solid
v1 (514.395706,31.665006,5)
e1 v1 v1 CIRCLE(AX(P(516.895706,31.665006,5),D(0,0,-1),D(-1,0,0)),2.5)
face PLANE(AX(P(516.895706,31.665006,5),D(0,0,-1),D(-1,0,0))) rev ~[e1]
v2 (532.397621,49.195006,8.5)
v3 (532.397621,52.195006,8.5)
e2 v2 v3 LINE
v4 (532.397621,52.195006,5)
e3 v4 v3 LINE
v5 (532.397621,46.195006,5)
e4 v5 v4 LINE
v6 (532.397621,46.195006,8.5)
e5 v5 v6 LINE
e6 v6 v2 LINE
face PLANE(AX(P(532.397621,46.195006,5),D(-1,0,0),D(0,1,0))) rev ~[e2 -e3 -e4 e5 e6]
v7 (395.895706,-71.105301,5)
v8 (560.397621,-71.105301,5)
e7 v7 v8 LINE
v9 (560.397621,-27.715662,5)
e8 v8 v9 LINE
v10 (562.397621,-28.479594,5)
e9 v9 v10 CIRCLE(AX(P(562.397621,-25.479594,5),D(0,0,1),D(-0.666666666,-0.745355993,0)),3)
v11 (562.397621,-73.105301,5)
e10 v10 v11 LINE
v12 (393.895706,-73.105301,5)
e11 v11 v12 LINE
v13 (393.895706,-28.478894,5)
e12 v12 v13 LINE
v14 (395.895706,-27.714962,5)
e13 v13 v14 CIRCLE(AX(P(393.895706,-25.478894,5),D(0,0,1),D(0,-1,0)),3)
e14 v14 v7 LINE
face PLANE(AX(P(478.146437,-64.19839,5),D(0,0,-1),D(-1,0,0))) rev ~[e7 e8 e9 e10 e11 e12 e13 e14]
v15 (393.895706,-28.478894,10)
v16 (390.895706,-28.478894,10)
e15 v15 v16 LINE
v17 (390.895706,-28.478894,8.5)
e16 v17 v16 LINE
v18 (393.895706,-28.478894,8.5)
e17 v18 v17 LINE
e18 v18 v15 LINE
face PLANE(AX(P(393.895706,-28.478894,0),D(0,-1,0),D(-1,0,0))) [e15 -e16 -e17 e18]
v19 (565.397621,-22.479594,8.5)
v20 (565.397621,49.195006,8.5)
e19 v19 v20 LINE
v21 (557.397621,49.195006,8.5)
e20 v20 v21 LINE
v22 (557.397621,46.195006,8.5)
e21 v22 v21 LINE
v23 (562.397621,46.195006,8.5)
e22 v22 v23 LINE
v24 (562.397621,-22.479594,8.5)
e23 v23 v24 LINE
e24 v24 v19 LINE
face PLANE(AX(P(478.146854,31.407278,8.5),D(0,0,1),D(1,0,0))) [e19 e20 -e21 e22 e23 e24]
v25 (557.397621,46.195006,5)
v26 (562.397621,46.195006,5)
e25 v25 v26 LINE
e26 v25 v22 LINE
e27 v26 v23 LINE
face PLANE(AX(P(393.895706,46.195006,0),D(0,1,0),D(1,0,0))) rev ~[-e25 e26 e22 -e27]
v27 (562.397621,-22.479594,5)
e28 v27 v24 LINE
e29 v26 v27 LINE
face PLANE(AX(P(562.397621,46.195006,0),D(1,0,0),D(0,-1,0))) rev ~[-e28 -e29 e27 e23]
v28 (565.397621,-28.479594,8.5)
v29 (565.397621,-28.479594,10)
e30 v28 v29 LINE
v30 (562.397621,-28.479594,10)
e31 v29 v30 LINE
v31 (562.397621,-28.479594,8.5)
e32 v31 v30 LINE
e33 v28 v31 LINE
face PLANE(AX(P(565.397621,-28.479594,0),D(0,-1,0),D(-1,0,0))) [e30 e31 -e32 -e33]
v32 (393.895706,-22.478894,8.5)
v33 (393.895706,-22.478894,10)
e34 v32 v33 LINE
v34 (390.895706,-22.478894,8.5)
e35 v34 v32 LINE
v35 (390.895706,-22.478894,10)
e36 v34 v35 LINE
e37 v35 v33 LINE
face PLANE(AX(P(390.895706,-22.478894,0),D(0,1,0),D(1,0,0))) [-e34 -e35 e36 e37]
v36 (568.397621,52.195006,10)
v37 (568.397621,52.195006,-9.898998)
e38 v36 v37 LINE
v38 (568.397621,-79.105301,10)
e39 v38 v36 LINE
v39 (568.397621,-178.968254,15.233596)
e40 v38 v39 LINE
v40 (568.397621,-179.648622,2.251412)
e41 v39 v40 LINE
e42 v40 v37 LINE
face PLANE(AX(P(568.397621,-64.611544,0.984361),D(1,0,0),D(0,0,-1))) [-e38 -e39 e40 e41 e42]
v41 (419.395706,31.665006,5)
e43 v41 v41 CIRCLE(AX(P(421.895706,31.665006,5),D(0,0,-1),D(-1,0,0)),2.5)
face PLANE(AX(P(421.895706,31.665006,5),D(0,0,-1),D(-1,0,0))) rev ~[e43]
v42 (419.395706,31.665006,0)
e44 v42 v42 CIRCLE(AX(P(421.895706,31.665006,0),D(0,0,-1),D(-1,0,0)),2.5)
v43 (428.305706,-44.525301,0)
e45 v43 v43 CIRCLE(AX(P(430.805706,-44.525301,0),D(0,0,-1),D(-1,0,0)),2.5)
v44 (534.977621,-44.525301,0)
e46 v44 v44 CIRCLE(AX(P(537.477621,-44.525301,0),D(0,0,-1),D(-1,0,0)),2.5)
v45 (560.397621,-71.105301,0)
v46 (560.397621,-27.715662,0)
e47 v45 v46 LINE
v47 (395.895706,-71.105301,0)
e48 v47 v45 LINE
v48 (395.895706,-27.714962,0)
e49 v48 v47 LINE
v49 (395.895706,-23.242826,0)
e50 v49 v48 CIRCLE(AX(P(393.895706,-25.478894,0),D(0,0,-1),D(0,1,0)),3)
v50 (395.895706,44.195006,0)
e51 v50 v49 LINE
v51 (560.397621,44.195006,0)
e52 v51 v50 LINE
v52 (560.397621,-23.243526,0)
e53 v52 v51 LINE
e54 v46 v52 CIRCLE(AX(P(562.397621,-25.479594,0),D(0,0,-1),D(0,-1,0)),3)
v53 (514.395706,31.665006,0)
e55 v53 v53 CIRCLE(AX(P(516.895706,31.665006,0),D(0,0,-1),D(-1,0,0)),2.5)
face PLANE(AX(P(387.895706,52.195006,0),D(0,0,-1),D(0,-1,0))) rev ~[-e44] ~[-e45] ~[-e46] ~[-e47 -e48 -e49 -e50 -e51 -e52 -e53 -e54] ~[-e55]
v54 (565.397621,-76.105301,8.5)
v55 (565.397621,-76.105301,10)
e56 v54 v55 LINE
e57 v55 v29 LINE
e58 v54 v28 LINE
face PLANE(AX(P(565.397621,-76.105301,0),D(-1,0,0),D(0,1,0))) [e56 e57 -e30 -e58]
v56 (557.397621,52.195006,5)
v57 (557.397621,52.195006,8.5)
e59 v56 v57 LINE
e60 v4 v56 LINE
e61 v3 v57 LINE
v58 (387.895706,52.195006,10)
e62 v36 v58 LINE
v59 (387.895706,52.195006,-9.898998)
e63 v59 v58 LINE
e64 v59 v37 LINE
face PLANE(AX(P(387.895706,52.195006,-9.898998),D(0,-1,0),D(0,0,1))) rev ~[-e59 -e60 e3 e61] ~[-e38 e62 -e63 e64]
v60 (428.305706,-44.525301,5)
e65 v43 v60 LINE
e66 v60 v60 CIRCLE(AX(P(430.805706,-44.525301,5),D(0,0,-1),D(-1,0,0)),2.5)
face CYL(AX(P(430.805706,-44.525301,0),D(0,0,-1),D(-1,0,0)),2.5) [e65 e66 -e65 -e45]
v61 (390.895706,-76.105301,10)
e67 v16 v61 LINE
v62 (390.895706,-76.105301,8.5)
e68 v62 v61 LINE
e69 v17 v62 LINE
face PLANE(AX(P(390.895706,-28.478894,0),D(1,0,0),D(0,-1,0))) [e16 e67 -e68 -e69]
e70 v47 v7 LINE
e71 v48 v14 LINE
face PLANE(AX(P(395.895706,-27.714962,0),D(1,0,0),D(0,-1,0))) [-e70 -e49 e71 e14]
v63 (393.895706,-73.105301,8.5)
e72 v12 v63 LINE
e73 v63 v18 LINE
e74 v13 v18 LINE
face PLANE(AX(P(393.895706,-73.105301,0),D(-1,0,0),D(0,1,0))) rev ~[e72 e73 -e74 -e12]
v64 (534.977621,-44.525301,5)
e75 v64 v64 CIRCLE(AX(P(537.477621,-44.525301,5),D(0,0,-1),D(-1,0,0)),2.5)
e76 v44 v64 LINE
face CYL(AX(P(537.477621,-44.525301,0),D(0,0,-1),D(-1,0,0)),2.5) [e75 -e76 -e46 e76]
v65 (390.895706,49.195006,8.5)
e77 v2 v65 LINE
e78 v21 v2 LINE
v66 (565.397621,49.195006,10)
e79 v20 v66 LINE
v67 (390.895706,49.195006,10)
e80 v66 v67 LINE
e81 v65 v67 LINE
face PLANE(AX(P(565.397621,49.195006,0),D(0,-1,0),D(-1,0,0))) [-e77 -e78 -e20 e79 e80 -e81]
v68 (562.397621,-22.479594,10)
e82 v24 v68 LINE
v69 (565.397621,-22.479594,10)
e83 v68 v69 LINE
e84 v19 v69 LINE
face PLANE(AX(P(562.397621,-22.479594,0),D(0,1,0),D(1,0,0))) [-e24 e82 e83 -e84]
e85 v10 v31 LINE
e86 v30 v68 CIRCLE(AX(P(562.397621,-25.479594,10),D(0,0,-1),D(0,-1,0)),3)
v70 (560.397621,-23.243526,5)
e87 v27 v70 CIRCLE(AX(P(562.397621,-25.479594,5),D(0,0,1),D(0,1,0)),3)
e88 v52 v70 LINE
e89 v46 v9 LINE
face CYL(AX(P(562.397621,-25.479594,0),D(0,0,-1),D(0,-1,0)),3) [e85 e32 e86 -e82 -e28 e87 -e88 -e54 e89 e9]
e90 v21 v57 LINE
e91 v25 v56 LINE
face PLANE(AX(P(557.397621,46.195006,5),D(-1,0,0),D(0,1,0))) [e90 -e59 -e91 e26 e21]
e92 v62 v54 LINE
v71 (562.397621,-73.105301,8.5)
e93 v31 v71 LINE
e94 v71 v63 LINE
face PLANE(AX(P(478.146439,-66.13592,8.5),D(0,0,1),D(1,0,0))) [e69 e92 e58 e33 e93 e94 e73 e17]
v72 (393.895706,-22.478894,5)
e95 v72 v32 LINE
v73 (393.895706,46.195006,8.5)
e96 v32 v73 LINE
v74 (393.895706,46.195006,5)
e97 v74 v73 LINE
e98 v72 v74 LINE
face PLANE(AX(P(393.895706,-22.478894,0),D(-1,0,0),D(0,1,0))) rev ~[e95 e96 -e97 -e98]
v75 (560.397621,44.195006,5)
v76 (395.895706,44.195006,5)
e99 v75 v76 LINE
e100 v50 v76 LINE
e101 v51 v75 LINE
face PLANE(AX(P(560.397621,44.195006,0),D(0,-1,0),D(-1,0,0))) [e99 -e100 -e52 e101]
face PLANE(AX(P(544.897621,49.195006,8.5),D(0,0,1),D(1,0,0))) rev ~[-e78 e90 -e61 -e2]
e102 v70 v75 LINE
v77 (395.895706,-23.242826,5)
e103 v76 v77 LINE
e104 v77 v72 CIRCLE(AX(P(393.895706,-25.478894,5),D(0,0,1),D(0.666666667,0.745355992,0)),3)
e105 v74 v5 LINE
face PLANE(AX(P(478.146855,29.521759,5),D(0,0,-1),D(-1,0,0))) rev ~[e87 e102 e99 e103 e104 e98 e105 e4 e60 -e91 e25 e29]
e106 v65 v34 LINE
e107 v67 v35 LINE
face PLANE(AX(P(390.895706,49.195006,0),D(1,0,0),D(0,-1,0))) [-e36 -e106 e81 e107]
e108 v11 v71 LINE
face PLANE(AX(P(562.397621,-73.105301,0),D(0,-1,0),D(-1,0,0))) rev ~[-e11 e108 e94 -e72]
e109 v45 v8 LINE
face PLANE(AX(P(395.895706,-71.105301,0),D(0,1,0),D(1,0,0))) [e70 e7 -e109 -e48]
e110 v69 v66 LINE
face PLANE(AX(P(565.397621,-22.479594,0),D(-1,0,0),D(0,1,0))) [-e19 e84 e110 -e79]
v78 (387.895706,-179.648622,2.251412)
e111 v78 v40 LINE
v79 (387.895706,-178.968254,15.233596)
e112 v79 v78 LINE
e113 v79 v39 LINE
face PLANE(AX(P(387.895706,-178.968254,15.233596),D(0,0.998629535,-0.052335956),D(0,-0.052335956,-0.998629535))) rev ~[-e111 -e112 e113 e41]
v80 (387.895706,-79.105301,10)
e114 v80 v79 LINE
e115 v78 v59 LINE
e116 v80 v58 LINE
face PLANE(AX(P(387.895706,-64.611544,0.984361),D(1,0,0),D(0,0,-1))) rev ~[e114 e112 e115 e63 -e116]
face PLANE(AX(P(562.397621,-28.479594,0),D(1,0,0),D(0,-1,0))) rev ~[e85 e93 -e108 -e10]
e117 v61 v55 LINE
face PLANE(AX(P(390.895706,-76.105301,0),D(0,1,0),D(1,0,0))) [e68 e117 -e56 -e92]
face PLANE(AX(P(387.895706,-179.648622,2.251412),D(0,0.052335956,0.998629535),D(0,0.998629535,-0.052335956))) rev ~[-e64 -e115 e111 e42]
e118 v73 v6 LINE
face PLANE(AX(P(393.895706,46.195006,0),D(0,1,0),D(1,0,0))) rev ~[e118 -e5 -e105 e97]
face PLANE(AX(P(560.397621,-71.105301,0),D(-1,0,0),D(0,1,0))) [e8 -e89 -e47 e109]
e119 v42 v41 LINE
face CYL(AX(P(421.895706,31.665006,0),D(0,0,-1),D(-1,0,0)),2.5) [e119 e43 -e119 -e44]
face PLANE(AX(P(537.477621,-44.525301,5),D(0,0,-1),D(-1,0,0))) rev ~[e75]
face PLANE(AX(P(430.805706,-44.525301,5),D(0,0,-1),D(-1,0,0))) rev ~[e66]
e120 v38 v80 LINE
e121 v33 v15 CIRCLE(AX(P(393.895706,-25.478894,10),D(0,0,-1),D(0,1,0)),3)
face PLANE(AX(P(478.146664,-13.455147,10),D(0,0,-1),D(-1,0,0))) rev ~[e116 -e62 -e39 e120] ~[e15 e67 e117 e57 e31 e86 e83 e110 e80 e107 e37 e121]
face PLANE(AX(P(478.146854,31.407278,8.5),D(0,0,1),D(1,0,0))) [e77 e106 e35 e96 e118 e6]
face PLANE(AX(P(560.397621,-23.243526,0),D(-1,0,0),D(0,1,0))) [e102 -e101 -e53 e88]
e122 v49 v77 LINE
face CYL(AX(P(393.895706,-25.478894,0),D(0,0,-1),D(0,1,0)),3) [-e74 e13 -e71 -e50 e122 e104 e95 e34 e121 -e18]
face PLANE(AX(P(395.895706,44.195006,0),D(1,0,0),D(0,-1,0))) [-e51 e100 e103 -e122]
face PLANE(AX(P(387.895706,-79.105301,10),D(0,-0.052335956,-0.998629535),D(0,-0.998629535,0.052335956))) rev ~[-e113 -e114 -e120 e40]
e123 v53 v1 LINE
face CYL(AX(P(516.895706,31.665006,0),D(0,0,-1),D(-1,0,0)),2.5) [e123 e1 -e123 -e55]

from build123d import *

# Parameters (mm, degrees)
EXTRUDE_3_DEPTH     = 8.5
EXTRUDE_3_2_DEPTH   = 8.5
SKETCH_4_W          = 180.5019154
SKETCH_4_H          = 131.300307
EXTRUDE_5_DEPTH     = 10
EXTRUDE_6_DEPTH     = 5
SKETCH_8_W          = 25
SKETCH_8_H          = 6
CUT_EXTRUDE_1_DEPTH = 3.5
SKETCH_9_R          = 2.5
EXTRUDE_7_DEPTH     = 5
EXTRUDE_7_2_DEPTH   = 5
EXTRUDE_7_3_DEPTH   = 5
EXTRUDE_7_4_DEPTH   = 5
EXTRUDE_8_DEPTH     = 180.5019154


with BuildPart() as part:
    # Model → 凸台-拉伸3 (new body)
    with BuildSketch(Plane.XY):
        Polygon((565.397621393, -28.479593633), (562.397621393, -28.479593633), (562.397621393, -73.105300633), (393.895705993, -73.105300633), (393.895705993, -28.478893633), (390.895705993, -28.478893633), (390.895705993, -76.105300633), (565.397621393, -76.105300633), align=None)
    extrude(amount=EXTRUDE_3_DEPTH)



with BuildPart() as body_2:
    # Model → Extrude 3 2 (new body)
    with BuildSketch(Plane.XY):
        Polygon((393.895705993, -22.478893633), (393.895705993, 46.195006367), (562.397621393, 46.195006367), (562.397621393, -22.479593633), (565.397621393, -22.479593633), (565.397621393, 49.195006367), (390.895705993, 49.195006367), (390.895705993, -22.478893633), align=None)
    extrude(amount=EXTRUDE_3_2_DEPTH)


with BuildPart() as part_1:
    add(part.part)

    add(body_2.part)  # 凸台-拉伸5 merges body 2
    # 草图4 → 凸台-拉伸5 (add)
    with BuildSketch(Plane(origin=(0, 0, 0), x_dir=(-1, 0, 0), z_dir=(0, 0, -1))):
        with Locations((-478.146663693, -13.455147133)):
            Rectangle(SKETCH_4_W, SKETCH_4_H)
        with BuildLine():
            ThreePointArc((-562.397621393, -28.479593633), (-559.397621393, -25.479593633), (-562.397621393, -22.479593633))
            Line((-562.397621393, -22.479593633), (-565.397621393, -22.479593633))
            Line((-565.397621393, -22.479593633), (-565.397621393, 49.195006367))
            Line((-565.397621393, 49.195006367), (-390.895705993, 49.195006367))
            Line((-390.895705993, 49.195006367), (-390.895705993, -22.478893633))
            Line((-390.895705993, -22.478893633), (-393.895705993, -22.478893633))
            ThreePointArc((-393.895705993, -22.478893633), (-396.895705993, -25.478893633), (-393.895705993, -28.478893633))
            Line((-393.895705993, -28.478893633), (-390.895705993, -28.478893633))
            Line((-390.895705993, -28.478893633), (-390.895705993, -76.105300633))
            Line((-390.895705993, -76.105300633), (-565.397621393, -76.105300633))
            Line((-565.397621393, -76.105300633), (-565.397621393, -28.479593633))
            Line((-565.397621393, -28.479593633), (-562.397621393, -28.479593633))
        make_face(mode=Mode.SUBTRACT)
    extrude(amount=-EXTRUDE_5_DEPTH)

    # 草图5 → 凸台-拉伸6 (add)
    with BuildSketch(Plane(origin=(0, 0, 0), x_dir=(-1, 0, 0), z_dir=(0, 0, -1))):
        with BuildLine():
            Line((-562.397621393, 46.195006367), (-562.397621393, -22.479593633))
            ThreePointArc((-562.397621393, -22.479593633), (-561.327155124, -22.677076556), (-560.397621393, -23.243525656))
            Line((-560.397621393, -23.243525656), (-560.397621393, 44.195006367))
            Line((-560.397621393, 44.195006367), (-395.895705993, 44.195006367))
            Line((-395.895705993, 44.195006367), (-395.895705993, -23.242825656))
            ThreePointArc((-395.895705993, -23.242825656), (-394.966172262, -22.676376556), (-393.895705993, -22.478893633))
            Line((-393.895705993, -22.478893633), (-393.895705993, 46.195006367))
            Line((-393.895705993, 46.195006367), (-562.397621393, 46.195006367))
        make_face()
        with BuildLine():
            Line((-560.397621393, -71.105300633), (-560.397621393, -27.715661611))
            ThreePointArc((-560.397621393, -27.715661611), (-561.327155124, -28.28211071), (-562.397621393, -28.479593633))
            Line((-562.397621393, -28.479593633), (-562.397621393, -73.105300633))
            Line((-562.397621393, -73.105300633), (-393.895705993, -73.105300633))
            Line((-393.895705993, -73.105300633), (-393.895705993, -28.478893633))
            ThreePointArc((-393.895705993, -28.478893633), (-394.966172262, -28.28141071), (-395.895705993, -27.714961611))
            Line((-395.895705993, -27.714961611), (-395.895705993, -71.105300633))
            Line((-395.895705993, -71.105300633), (-560.397621393, -71.105300633))
        make_face()
    extrude(amount=-EXTRUDE_6_DEPTH)

    # 草图8 → 切除-拉伸1 (cut)
    with BuildSketch(Plane.XY.offset(5)):
        with Locations((544.897621393, 49.195006367)):
            Rectangle(SKETCH_8_W, SKETCH_8_H)
    extrude(amount=CUT_EXTRUDE_1_DEPTH, mode=Mode.SUBTRACT)



with BuildPart() as body_2_2:
    # 草图9 → 凸台-拉伸7 (new body)
    with BuildSketch(Plane(origin=(0, 0, 0), x_dir=(-1, 0, 0), z_dir=(0, 0, -1))):
        with Locations((-430.805705993, -44.525300633)):
            Circle(SKETCH_9_R)
    extrude(amount=-EXTRUDE_7_DEPTH)


with BuildPart() as body_3:
    # 草图9 → Extrude 7 2 (new body)
    with BuildSketch(Plane(origin=(0, 0, 0), x_dir=(-1, 0, 0), z_dir=(0, 0, -1))):
        with Locations((-537.477621393, -44.525300633)):
            Circle(SKETCH_9_R)
    extrude(amount=-EXTRUDE_7_2_DEPTH)


with BuildPart() as body_4:
    # 草图9 → Extrude 7 3 (new body)
    with BuildSketch(Plane(origin=(0, 0, 0), x_dir=(-1, 0, 0), z_dir=(0, 0, -1))):
        with Locations((-421.895705993, 31.665006367)):
            Circle(SKETCH_9_R)
    extrude(amount=-EXTRUDE_7_3_DEPTH)


with BuildPart() as body_5:
    # 草图9 → Extrude 7 4 (new body)
    with BuildSketch(Plane(origin=(0, 0, 0), x_dir=(-1, 0, 0), z_dir=(0, 0, -1))):
        with Locations((-516.895705993, 31.665006367)):
            Circle(SKETCH_9_R)
    extrude(amount=-EXTRUDE_7_4_DEPTH)


with BuildPart() as part_2:
    add(part_1.part)

    add(body_2_2.part)  # 凸台-拉伸8 merges body 2 2

    add(body_3.part)  # 凸台-拉伸8 merges body 3

    add(body_4.part)  # 凸台-拉伸8 merges body 4

    add(body_5.part)  # 凸台-拉伸8 merges body 5
    # 草图10 → 凸台-拉伸8 (add)
    with BuildSketch(Plane.ZY.offset(-387.895705993)):
        Polygon((2.251411672, -179.64862154), (-9.898998007, 52.195006367), (0, 52.195006367), (0, -79.105300633), (10, -79.105300633), (15.233595624, -178.968254109), align=None)
    extrude(amount=-EXTRUDE_8_DEPTH)


solid = part_2.part
